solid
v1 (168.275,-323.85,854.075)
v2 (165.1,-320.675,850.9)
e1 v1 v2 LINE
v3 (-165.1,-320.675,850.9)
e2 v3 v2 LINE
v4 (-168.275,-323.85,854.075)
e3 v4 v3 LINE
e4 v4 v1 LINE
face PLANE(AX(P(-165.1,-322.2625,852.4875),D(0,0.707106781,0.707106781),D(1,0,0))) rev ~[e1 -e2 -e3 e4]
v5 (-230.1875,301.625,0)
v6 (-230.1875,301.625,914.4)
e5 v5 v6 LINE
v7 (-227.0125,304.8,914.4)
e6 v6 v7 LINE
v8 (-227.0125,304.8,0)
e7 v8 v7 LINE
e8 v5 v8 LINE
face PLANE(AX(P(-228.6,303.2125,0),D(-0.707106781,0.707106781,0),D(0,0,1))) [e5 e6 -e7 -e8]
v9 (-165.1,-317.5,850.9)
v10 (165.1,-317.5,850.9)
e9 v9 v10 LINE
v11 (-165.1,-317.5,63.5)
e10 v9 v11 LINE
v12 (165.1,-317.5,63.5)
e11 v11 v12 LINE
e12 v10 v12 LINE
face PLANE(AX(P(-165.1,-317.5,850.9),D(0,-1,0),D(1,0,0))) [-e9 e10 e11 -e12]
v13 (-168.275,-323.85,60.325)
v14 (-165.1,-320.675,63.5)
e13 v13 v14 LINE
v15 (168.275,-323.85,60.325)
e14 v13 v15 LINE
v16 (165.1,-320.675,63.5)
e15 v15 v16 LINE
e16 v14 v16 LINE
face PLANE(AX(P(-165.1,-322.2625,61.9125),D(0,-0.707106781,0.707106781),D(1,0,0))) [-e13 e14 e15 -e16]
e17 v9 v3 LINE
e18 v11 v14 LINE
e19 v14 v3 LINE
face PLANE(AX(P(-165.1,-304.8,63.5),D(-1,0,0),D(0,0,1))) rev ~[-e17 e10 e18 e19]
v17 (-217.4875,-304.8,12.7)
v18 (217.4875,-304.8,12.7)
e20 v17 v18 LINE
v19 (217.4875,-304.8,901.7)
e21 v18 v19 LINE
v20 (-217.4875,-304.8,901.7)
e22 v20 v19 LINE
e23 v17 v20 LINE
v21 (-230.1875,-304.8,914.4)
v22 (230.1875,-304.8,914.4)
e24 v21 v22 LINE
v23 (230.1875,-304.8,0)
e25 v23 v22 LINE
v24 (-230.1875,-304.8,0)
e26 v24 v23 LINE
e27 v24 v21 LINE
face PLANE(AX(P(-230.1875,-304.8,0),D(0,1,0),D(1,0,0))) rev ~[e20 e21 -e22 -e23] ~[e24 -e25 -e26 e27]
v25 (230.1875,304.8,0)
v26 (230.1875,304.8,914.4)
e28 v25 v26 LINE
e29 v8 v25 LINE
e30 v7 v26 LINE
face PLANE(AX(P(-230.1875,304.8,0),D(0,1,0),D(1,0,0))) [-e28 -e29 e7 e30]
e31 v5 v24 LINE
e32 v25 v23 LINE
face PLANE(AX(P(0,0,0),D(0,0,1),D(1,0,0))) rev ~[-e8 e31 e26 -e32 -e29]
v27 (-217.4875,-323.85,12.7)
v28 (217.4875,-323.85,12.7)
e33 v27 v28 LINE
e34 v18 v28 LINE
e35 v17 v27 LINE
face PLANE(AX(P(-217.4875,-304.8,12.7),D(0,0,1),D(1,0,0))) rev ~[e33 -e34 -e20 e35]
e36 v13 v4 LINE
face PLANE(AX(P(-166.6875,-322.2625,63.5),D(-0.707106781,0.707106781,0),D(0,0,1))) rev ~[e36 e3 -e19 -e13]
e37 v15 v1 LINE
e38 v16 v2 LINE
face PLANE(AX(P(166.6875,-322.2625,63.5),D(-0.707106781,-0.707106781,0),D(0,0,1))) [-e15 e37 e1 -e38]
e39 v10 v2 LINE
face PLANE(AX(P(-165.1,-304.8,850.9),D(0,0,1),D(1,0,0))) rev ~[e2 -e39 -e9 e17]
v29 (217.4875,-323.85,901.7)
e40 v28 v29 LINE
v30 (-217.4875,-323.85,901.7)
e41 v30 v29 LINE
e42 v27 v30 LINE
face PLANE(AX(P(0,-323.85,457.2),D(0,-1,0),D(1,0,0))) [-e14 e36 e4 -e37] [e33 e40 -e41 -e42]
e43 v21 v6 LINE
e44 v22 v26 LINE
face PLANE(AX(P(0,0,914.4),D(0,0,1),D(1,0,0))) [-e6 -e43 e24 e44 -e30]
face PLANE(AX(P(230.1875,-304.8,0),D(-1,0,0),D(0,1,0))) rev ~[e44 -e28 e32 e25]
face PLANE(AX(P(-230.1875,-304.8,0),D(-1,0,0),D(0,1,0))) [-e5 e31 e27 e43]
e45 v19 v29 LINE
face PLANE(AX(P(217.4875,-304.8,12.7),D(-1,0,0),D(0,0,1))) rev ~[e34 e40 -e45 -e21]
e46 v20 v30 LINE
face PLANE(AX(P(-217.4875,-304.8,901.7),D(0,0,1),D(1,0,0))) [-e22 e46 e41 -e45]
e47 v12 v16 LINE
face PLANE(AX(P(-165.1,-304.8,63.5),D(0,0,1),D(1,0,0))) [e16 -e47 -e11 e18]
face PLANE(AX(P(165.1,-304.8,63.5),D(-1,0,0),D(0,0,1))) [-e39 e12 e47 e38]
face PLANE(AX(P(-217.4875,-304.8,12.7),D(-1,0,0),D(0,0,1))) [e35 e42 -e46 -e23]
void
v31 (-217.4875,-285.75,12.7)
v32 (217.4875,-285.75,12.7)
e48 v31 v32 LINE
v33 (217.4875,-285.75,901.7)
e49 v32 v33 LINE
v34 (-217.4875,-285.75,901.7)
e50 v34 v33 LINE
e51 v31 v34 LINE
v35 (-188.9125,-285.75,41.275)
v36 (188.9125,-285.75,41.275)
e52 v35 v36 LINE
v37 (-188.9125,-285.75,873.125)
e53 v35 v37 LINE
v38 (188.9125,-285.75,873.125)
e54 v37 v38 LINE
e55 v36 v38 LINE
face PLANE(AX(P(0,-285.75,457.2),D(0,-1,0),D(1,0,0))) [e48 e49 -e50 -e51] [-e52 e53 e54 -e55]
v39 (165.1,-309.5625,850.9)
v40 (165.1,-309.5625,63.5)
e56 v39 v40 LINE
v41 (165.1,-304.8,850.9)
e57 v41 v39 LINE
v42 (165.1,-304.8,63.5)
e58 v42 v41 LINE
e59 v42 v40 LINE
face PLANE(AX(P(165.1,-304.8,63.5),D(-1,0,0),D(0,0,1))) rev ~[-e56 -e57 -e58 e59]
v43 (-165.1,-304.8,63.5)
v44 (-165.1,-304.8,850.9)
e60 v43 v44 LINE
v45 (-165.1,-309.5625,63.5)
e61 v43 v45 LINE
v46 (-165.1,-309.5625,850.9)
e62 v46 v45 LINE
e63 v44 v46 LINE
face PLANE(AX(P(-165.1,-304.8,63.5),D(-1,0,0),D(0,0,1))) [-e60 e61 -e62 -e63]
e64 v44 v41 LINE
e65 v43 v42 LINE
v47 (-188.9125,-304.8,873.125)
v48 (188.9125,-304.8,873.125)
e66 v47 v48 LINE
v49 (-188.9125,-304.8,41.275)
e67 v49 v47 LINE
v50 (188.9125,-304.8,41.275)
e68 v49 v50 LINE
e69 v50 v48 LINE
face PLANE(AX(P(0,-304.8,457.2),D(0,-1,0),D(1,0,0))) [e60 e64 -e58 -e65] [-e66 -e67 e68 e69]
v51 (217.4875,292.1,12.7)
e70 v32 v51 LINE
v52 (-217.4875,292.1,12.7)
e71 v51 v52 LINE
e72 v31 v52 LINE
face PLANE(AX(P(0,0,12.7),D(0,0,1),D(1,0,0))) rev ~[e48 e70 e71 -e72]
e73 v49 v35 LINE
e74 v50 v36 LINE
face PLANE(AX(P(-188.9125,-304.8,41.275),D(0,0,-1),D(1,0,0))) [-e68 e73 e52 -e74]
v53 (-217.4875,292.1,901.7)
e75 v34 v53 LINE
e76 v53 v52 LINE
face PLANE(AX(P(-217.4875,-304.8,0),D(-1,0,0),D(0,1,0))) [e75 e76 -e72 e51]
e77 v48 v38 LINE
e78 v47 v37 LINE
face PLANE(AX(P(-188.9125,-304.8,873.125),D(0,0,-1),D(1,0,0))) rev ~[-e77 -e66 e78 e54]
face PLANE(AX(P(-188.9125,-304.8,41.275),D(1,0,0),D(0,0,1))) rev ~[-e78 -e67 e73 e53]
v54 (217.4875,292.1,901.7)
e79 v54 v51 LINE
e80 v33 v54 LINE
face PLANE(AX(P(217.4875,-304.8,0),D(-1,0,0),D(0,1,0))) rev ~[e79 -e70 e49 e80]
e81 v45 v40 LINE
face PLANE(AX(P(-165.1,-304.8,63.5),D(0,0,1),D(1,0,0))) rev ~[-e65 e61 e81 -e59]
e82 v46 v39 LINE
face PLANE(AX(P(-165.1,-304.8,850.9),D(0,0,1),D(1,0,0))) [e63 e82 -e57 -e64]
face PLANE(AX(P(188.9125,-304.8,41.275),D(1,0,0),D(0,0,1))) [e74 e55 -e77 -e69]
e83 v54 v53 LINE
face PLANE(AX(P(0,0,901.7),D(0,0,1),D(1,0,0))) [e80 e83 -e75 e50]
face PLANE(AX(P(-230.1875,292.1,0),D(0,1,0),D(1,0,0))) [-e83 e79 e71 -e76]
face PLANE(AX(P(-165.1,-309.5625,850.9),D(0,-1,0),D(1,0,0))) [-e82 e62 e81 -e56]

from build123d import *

# Parameters (mm, degrees)
F0_W     = 460.375
F0_H     = 609.6
F1_DEPTH = 914.4
F2_T     = -12.7
F3_W     = 460.375
F3_H     = 914.4
F3_W_2   = 444.5
F3_H_2   = 901.7
F3_W_3   = 434.975
F3_H_3   = 889
F3_W_4   = 377.825
F3_H_4   = 831.85
F4_DEPTH = 19.05
F3_W_5   = 330.2
F3_H_5   = 787.4
F5_DEPTH = 19.05
F6_W     = 330.2
F6_H     = 7.9375
F7_DEPTH = 787.4
F8_SIZE  = 3.175


with BuildPart() as f1:
    # F0 (on Top) → F1 (new body)
    with BuildSketch(Plane.XY):
        Rectangle(F0_W, F0_H)
    extrude(amount=F1_DEPTH)

    # F2
    f2_openings = [f1.faces().sort_by_distance(p)[0] for p in [
        (0, -304.8, 457.2),
    ]]
    offset(amount=F2_T, openings=f2_openings)

    # F3 (on face) → F4 (join)
    with BuildSketch(Plane.XZ.offset(304.8)):
        with Locations((0, 457.2)):
            Rectangle(F3_W, F3_H)
        with Locations((0, 457.2)):
            Rectangle(F3_W_2, F3_H_2, mode=Mode.SUBTRACT)
        with Locations((0, 457.2)):
            Rectangle(F3_W_3, F3_H_3)
        with Locations((0, 457.2)):
            Rectangle(F3_W_4, F3_H_4, mode=Mode.SUBTRACT)
    extrude(amount=-F4_DEPTH)

    # F3 (on face) → F5 (join)
    with BuildSketch(Plane.XZ.offset(304.8)):
        with Locations((0, 457.2)):
            Rectangle(F3_W_3, F3_H_3)
        with Locations((0, 457.2)):
            Rectangle(F3_W_4, F3_H_4, mode=Mode.SUBTRACT)
        with Locations((0, 457.2)):
            Rectangle(F3_W_4, F3_H_4)
        with Locations((0, 457.2)):
            Rectangle(F3_W_5, F3_H_5, mode=Mode.SUBTRACT)
    extrude(amount=F5_DEPTH)

    # F6 (on face) → F7 (join, through all)
    with BuildSketch(Plane(origin=(0, 0, 850.9), x_dir=(1, 0, 0), z_dir=(0, 0, -1))):
        with Locations((0, 313.53125)):
            Rectangle(F6_W, F6_H)
    extrude(amount=F7_DEPTH)

    # F8
    f8_edges = [f1.edges().sort_by_distance(p)[0] for p in [
        (0, -323.85, 63.5),
        (-165.1, -323.85, 457.2),
        (165.1, -323.85, 457.2),
        (0, -323.85, 850.9),
        (-230.1875, 304.8, 457.2),
    ]]
    chamfer(f8_edges, length=F8_SIZE)


solid = f1.part
